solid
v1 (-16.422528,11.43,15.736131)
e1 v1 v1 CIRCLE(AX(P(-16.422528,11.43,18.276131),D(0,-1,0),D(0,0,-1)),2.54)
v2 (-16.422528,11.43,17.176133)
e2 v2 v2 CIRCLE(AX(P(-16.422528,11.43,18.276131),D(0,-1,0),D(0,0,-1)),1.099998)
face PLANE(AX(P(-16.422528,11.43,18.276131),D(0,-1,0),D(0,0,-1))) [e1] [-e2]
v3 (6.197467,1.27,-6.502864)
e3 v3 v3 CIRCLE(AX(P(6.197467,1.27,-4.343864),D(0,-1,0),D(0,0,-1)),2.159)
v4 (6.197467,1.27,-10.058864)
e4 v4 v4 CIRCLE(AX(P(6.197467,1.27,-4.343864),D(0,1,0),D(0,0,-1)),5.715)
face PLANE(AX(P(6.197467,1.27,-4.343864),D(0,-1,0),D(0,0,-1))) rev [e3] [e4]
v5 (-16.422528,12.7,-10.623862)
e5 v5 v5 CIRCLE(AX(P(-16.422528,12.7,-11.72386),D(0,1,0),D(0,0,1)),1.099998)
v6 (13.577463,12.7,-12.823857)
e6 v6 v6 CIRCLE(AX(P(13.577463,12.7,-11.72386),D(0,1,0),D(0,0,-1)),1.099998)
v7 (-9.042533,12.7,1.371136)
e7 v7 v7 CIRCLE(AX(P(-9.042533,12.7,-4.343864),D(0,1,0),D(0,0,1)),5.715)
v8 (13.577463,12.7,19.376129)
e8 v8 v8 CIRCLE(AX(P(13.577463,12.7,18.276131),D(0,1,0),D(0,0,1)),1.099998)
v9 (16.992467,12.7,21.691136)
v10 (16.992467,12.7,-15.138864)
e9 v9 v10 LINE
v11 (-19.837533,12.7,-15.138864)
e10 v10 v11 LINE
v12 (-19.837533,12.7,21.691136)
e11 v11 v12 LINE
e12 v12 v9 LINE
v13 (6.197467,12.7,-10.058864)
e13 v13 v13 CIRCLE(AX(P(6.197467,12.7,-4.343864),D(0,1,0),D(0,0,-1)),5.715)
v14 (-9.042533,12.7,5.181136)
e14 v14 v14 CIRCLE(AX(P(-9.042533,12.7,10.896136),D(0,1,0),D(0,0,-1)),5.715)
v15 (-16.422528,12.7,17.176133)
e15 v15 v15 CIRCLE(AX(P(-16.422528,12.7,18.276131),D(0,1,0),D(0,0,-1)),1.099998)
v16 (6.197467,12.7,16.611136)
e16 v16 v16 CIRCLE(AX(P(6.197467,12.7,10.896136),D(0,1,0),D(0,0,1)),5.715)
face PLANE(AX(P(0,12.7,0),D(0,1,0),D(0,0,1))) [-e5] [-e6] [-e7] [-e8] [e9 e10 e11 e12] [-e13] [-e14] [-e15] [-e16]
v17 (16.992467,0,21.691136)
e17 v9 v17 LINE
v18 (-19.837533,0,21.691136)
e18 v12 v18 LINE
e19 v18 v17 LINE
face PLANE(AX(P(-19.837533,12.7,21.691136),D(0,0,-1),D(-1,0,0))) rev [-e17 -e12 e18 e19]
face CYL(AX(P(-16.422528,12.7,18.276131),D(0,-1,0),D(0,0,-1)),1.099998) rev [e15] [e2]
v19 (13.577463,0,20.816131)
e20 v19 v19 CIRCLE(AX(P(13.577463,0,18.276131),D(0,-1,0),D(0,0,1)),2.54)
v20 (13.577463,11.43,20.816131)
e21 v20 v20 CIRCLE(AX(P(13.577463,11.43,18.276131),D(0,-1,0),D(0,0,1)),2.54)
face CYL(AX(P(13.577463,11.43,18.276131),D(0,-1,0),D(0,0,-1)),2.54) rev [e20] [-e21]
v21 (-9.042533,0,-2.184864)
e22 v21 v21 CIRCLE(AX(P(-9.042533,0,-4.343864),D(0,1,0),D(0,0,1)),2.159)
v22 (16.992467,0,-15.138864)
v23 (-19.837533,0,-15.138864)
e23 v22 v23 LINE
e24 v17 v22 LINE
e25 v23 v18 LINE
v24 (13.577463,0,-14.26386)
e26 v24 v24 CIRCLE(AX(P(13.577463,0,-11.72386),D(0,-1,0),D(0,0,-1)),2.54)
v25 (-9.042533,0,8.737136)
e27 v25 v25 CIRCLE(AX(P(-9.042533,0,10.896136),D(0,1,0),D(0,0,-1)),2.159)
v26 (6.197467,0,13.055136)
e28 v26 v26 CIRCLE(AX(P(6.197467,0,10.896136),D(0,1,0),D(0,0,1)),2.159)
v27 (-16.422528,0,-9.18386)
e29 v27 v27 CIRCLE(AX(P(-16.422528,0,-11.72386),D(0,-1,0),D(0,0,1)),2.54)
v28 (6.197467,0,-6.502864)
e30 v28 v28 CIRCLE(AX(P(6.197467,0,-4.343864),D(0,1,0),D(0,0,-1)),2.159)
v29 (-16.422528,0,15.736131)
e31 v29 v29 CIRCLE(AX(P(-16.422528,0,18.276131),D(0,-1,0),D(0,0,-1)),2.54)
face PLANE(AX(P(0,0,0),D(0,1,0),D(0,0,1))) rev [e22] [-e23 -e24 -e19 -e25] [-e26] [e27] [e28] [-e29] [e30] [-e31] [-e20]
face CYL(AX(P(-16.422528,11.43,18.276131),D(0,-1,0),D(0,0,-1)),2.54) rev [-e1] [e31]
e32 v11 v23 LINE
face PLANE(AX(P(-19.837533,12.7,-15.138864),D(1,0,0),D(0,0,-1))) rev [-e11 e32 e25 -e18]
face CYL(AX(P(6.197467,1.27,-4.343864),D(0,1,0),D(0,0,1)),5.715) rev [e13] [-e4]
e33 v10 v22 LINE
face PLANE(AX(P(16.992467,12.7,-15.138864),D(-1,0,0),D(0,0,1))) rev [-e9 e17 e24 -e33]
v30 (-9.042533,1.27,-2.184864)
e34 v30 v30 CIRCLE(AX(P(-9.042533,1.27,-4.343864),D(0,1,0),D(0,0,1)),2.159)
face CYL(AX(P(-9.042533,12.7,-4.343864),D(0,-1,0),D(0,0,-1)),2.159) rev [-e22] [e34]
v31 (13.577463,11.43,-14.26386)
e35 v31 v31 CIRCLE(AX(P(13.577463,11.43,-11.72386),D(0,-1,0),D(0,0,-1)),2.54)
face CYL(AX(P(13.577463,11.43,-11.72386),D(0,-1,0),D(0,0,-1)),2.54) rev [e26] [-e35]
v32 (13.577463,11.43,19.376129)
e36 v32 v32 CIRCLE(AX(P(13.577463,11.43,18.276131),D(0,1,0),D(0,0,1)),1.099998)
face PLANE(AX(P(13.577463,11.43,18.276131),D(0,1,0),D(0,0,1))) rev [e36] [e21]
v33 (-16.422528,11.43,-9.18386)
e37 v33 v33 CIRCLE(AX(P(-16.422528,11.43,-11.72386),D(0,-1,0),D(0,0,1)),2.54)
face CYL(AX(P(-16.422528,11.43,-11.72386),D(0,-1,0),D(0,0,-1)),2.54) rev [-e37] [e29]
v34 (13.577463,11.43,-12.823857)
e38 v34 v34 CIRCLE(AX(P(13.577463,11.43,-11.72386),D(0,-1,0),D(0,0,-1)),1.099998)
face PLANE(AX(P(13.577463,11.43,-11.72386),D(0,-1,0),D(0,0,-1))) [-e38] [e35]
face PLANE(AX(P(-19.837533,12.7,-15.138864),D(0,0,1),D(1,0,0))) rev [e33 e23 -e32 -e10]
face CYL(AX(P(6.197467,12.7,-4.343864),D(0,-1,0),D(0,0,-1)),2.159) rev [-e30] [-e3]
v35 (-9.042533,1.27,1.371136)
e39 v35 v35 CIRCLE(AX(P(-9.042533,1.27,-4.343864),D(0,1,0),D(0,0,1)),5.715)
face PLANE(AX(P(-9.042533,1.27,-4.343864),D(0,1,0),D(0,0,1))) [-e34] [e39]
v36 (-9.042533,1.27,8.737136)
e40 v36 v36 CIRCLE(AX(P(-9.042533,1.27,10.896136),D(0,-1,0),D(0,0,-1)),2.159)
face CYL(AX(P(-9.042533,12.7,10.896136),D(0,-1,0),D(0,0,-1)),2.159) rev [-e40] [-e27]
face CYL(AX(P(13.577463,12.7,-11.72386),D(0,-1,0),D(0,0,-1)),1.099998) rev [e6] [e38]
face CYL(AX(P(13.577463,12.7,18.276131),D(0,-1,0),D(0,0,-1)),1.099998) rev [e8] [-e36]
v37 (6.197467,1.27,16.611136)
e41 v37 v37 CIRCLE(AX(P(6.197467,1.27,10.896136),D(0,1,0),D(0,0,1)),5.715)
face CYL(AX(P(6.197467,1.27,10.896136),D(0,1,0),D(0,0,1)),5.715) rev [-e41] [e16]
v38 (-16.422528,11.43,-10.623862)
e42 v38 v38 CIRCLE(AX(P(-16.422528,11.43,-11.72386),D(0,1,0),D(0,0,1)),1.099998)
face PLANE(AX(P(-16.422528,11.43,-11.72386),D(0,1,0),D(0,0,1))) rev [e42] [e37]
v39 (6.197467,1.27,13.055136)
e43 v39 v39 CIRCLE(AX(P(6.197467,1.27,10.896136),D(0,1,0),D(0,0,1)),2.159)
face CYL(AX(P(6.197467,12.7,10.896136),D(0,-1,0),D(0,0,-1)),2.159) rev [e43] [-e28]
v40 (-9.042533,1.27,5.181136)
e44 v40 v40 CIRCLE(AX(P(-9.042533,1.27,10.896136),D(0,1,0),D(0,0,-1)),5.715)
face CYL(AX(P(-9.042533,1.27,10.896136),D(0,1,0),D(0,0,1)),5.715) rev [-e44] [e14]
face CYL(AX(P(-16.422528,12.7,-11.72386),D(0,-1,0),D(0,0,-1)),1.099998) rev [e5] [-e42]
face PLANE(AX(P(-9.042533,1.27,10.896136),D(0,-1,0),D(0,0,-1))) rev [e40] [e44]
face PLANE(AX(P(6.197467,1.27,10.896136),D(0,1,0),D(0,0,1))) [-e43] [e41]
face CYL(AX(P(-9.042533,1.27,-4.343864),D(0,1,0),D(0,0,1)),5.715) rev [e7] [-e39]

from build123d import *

# Parameters (mm, degrees)
SKETCH1_W           = 36.83
SKETCH1_H           = 36.83
SKETCH1_R           = 1.0999978
SKETCH1_R_2         = 2.159
BOSS_EXTRUDE1_DEPTH = 12.7
SKETCH2_R           = 5.715
CUT_EXTRUDE1_DEPTH  = 11.43
SKETCH3_R           = 2.54
CUT_EXTRUDE2_DEPTH  = 11.43


with BuildPart() as part:
    # Sketch1 → Boss-Extrude1 (new body)
    with BuildSketch(Plane(origin=(0, 0, 0), x_dir=(1, 0, 0), z_dir=(0, 1, 0))):
        with Locations((-1.422532637, -3.27613577)):
            Rectangle(SKETCH1_W, SKETCH1_H)
        with Locations(Location((-16.422528037, 11.72385963, 0), (0, 0, 270))):
            Circle(SKETCH1_R, mode=Mode.SUBTRACT)
        with Locations(Location((13.577462763, 11.72385963, 0), (0, 0, 90))):
            Circle(SKETCH1_R, mode=Mode.SUBTRACT)
        with Locations(Location((13.577462763, -18.27613117, 0), (0, 0, 270))):
            Circle(SKETCH1_R, mode=Mode.SUBTRACT)
        with Locations(Location((-16.422528037, -18.27613117, 0), (0, 0, 90))):
            Circle(SKETCH1_R, mode=Mode.SUBTRACT)
        with Locations(Location((-9.042532637, 4.34386423, 0), (0, 0, 270))):
            Circle(SKETCH1_R_2, mode=Mode.SUBTRACT)
        with Locations(Location((6.197467363, 4.34386423, 0), (0, 0, 90))):
            Circle(SKETCH1_R_2, mode=Mode.SUBTRACT)
        with Locations(Location((6.197467363, -10.89613577, 0), (0, 0, 270))):
            Circle(SKETCH1_R_2, mode=Mode.SUBTRACT)
        with Locations(Location((-9.042532637, -10.89613577, 0), (0, 0, 90))):
            Circle(SKETCH1_R_2, mode=Mode.SUBTRACT)
    extrude(amount=BOSS_EXTRUDE1_DEPTH)

    # Sketch2 → Cut-Extrude1 (cut)
    with BuildSketch(Plane(origin=(0, 12.7, 0), x_dir=(1, 0, 0), z_dir=(0, 1, 0))):
        with Locations(Location((-9.042532637, 4.34386423, 0), (0, 0, 270))):
            Circle(SKETCH2_R)
        with Locations(Location((6.197467363, 4.34386423, 0), (0, 0, 90))):
            Circle(SKETCH2_R)
        with Locations(Location((6.197467363, -10.89613577, 0), (0, 0, 270))):
            Circle(SKETCH2_R)
        with Locations(Location((-9.042532637, -10.89613577, 0), (0, 0, 90))):
            Circle(SKETCH2_R)
    extrude(amount=-CUT_EXTRUDE1_DEPTH, mode=Mode.SUBTRACT)

    # Sketch3 → Cut-Extrude2 (cut)
    with BuildSketch(Plane.XZ):
        with Locations(Location((-16.422528037, 18.27613117, 0), (0, 0, 270))):
            Circle(SKETCH3_R)
        with Locations(Location((13.577462763, 18.27613117, 0), (0, 0, 90))):
            Circle(SKETCH3_R)
        with Locations(Location((13.577462763, -11.72385963, 0), (0, 0, 270))):
            Circle(SKETCH3_R)
        with Locations(Location((-16.422528037, -11.72385963, 0), (0, 0, 90))):
            Circle(SKETCH3_R)
    extrude(amount=-CUT_EXTRUDE2_DEPTH, mode=Mode.SUBTRACT)


solid = part.part
